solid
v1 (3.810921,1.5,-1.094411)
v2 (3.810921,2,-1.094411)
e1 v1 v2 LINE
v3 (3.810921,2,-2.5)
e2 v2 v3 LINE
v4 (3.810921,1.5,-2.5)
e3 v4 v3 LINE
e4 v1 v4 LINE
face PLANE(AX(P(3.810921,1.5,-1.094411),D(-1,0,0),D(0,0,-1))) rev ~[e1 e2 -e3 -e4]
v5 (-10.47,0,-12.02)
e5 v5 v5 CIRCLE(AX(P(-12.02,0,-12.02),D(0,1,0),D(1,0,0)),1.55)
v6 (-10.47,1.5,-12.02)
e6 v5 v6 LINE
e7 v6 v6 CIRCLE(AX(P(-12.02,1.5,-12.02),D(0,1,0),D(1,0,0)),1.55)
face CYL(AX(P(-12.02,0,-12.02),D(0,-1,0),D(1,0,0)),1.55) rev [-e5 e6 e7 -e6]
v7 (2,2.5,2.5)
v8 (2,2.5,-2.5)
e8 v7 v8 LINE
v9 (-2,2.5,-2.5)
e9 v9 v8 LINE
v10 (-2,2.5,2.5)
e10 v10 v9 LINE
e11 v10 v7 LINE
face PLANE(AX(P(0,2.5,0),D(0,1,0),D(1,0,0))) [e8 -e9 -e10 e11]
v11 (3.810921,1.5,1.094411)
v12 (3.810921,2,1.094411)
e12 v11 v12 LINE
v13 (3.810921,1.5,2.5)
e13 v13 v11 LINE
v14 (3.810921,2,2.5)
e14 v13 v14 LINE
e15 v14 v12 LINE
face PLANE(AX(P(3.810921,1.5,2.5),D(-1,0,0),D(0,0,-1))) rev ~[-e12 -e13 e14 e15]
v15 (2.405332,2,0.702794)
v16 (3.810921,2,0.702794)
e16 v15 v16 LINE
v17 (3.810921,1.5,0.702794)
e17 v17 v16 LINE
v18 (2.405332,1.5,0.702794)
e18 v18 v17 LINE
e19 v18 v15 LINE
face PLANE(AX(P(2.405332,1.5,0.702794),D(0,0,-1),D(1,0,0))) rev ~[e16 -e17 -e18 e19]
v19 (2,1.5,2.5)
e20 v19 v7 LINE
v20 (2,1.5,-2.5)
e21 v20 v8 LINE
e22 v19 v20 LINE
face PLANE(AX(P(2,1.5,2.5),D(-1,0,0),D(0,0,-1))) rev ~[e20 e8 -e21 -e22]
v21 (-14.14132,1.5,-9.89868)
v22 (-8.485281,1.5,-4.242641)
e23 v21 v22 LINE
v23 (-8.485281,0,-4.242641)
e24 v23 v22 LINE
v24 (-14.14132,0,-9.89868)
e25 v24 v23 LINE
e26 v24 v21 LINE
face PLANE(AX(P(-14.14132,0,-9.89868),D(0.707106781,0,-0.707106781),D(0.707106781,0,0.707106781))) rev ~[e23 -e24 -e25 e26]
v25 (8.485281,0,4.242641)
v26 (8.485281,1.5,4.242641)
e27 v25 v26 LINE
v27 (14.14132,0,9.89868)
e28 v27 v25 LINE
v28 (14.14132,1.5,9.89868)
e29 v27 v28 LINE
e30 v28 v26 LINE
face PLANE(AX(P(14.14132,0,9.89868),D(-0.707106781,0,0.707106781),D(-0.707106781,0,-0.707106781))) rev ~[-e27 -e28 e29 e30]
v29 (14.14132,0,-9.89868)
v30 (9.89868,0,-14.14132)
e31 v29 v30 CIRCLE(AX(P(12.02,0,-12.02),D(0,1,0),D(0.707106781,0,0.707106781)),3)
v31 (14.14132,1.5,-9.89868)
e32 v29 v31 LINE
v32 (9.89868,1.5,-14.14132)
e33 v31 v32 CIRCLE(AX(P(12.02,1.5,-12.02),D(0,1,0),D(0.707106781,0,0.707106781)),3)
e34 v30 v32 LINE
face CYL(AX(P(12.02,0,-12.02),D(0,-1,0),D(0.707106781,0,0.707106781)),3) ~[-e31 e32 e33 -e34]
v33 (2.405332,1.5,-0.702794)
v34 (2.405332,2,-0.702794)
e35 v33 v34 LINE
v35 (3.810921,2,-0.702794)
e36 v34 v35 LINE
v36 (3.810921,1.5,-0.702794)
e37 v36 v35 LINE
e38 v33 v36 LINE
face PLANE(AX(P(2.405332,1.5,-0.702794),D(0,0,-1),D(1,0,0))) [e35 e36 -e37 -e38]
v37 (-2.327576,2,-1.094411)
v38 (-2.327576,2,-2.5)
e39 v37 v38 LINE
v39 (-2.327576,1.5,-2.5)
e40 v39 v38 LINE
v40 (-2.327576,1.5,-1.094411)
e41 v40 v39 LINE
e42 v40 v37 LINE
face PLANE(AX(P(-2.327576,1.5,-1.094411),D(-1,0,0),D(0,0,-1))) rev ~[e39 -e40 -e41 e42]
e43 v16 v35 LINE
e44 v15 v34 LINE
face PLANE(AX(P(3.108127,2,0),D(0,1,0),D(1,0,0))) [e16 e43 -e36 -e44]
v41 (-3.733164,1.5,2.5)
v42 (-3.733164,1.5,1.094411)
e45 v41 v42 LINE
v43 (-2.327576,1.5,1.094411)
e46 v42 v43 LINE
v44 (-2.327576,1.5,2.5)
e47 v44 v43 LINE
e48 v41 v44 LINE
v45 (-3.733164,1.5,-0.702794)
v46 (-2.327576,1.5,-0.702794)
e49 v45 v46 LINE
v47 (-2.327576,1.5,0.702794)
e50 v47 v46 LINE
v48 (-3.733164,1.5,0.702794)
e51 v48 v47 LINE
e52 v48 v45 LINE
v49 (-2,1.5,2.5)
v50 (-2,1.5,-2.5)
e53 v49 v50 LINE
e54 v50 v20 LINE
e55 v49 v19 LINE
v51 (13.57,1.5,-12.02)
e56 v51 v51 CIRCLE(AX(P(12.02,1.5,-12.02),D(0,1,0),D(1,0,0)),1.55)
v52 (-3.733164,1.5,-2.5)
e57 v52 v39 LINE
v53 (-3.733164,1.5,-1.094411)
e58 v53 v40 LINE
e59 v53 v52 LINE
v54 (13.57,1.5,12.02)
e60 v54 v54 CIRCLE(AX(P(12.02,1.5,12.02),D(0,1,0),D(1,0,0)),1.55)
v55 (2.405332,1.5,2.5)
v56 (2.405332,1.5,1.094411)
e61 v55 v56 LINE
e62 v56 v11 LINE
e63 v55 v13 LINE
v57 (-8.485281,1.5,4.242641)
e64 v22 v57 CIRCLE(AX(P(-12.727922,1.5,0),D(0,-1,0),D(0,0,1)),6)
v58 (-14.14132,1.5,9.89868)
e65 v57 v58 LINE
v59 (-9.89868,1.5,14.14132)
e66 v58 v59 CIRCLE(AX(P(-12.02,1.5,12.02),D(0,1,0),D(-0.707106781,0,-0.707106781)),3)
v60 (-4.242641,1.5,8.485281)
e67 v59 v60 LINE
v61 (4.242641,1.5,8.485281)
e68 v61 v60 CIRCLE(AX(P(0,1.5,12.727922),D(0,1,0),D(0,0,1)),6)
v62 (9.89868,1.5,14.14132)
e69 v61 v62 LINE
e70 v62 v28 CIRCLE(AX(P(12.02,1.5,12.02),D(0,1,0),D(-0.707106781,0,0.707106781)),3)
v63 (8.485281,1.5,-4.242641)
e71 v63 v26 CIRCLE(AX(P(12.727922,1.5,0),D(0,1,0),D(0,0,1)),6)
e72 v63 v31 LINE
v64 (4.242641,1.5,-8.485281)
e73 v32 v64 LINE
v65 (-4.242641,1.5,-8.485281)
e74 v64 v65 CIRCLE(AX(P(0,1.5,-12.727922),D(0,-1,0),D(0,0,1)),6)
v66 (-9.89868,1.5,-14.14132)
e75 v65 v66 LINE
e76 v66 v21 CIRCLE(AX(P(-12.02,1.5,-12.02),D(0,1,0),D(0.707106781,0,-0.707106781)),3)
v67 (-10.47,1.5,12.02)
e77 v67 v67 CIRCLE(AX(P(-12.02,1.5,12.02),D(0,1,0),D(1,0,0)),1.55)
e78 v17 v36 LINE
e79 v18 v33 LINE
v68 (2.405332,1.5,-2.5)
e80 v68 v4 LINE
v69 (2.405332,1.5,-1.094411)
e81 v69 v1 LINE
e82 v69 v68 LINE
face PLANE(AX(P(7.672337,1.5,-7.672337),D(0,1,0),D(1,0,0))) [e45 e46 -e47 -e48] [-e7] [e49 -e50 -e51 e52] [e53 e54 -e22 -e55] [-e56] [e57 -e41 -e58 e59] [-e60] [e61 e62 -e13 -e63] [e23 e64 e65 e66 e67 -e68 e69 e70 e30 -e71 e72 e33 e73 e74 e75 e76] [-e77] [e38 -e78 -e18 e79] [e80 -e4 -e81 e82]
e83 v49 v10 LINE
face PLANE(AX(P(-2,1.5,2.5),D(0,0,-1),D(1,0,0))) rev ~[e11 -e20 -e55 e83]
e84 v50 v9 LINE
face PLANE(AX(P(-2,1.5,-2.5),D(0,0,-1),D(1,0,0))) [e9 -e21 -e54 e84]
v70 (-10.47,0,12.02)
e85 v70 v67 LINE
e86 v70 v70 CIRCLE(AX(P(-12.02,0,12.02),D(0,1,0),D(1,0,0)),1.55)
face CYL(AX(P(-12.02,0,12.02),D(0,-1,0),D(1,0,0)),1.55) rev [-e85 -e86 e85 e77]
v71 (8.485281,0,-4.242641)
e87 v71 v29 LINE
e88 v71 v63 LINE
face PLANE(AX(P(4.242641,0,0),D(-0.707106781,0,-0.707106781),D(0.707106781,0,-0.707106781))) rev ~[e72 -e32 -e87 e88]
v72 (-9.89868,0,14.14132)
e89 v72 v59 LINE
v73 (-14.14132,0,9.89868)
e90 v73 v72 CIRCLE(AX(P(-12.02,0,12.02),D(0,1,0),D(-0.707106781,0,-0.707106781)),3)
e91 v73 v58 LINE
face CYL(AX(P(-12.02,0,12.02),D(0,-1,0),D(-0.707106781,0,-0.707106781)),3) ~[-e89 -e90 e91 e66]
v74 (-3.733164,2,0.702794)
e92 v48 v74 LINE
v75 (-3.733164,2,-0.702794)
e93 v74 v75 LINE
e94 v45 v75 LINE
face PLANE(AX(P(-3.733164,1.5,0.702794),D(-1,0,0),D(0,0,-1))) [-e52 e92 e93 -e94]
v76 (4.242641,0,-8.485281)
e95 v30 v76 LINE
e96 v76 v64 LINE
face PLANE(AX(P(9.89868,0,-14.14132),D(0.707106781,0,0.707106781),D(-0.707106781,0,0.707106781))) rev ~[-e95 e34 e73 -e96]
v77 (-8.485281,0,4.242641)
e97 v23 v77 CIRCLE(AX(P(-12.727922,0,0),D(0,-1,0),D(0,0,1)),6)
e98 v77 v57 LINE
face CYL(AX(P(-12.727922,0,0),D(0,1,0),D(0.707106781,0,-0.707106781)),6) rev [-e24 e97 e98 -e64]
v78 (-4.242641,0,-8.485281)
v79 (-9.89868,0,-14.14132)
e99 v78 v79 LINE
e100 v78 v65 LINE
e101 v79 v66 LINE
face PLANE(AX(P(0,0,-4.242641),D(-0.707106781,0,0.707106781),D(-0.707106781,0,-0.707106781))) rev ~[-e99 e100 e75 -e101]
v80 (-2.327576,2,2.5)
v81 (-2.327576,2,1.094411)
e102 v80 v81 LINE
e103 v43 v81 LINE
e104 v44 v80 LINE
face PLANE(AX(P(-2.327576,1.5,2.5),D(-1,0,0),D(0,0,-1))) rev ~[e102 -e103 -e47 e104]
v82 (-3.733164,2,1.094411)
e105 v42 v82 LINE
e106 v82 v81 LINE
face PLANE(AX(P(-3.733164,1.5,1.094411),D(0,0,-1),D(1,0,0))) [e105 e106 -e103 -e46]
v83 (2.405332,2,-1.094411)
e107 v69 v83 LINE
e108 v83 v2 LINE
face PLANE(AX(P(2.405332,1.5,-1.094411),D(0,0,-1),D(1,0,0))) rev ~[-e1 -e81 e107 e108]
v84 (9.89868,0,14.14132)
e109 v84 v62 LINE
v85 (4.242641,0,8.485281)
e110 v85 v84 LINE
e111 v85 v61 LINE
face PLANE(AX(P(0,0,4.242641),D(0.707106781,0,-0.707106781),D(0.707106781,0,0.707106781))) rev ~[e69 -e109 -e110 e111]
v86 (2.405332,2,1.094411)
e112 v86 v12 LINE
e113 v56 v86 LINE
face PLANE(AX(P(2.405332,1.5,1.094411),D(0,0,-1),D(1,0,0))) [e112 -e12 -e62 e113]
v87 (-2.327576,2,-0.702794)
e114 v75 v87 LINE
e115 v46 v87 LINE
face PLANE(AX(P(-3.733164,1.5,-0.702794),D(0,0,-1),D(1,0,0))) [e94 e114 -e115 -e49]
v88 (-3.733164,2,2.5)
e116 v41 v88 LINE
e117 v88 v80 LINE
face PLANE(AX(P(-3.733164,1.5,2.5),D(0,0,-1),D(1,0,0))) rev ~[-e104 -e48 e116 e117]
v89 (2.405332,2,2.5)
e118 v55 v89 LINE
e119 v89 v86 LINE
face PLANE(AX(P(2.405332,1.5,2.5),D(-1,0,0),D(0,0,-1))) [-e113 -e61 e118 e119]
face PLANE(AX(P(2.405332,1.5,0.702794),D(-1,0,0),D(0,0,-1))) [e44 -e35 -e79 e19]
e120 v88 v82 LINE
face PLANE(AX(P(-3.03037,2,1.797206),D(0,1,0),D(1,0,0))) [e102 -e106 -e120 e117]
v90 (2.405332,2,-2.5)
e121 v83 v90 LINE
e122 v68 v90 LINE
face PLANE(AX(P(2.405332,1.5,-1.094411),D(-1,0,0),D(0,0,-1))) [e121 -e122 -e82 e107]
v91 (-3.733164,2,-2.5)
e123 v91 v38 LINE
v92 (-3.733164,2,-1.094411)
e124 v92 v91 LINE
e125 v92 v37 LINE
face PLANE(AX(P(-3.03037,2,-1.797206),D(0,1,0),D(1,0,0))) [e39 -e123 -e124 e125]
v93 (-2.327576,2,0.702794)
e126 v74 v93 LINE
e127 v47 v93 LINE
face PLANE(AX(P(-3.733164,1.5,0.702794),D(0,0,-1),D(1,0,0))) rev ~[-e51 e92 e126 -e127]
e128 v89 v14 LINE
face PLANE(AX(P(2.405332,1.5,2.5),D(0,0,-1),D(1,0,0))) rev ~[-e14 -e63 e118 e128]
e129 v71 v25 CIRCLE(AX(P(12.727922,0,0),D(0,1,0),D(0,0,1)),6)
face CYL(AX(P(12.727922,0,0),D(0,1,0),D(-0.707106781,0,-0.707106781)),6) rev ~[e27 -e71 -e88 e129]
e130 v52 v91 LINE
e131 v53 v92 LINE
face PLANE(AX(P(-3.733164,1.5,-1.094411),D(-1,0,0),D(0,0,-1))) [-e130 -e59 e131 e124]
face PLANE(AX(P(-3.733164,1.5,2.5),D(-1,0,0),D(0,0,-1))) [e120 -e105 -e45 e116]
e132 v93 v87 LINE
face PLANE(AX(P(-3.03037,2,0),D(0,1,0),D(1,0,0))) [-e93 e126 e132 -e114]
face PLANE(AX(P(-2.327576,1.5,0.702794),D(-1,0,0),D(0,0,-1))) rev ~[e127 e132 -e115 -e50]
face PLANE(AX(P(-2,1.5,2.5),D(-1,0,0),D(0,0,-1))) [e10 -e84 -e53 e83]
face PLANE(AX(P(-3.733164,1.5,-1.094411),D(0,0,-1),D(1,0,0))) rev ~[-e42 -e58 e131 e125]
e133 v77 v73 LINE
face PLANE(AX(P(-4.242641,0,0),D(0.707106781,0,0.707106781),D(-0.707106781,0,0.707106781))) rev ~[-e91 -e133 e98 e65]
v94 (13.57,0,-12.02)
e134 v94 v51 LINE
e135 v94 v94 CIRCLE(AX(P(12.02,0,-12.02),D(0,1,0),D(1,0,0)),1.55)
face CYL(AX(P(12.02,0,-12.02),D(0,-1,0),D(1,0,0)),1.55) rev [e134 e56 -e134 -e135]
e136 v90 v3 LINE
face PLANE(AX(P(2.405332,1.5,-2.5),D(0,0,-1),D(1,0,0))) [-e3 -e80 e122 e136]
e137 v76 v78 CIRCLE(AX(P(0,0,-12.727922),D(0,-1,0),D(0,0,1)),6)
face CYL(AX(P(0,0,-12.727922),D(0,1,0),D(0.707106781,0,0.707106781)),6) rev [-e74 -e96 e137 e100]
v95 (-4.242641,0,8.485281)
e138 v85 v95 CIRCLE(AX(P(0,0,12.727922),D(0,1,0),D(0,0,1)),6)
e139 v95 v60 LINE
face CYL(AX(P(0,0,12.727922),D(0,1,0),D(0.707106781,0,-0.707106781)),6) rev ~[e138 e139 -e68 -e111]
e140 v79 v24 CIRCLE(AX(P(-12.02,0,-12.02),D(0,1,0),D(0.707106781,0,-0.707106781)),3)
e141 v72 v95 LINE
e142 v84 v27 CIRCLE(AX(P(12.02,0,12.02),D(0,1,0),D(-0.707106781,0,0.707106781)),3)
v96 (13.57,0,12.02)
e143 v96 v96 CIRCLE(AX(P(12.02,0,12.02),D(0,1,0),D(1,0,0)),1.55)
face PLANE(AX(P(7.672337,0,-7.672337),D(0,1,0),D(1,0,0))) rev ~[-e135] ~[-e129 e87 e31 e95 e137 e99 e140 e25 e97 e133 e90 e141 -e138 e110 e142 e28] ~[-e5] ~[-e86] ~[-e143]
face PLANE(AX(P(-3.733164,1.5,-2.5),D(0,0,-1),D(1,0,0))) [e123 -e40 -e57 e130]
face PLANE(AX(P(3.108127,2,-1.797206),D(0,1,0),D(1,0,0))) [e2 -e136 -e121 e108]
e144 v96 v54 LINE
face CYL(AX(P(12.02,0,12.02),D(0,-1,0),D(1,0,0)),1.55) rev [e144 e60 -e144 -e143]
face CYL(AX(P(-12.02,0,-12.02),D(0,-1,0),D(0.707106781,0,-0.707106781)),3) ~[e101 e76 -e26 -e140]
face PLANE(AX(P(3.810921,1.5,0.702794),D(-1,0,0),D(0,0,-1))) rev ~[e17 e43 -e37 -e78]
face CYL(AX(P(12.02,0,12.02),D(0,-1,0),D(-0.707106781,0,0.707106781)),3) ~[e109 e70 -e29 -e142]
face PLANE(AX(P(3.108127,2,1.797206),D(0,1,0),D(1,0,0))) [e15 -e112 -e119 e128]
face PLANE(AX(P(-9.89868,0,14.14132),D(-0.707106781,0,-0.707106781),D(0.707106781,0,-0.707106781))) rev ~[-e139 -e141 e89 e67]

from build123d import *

# Parameters (mm, degrees)
SKETCH1_R           = 1.55
BOSS_EXTRUDE1_DEPTH = 1.5
FILLET1_R           = 6
SKETCH2_W           = 4
SKETCH2_H           = 5
BOSS_EXTRUDE2_DEPTH = 1
SKETCH3_W           = 1.405588528
SKETCH3_H           = 1.405588528
BOSS_EXTRUDE3_DEPTH = 0.5


with BuildPart() as part:
    # Sketch1 → Boss-Extrude1 (new body)
    with BuildSketch(Plane(origin=(0, 0, 0), x_dir=(1, 0, 0), z_dir=(0, 1, 0))):
        with BuildLine():
            Line((9.898679656, 14.141320344), (0, 4.242640687))
            Line((0, 4.242640687), (4.242640687, 0))
            Line((4.242640687, 0), (14.141320344, 9.898679656))
            ThreePointArc((14.141320344, 9.898679656), (14.141320344, 14.141320344), (9.898679656, 14.141320344))
        make_face()
        with Locations((12.02, 12.02)):
            Circle(SKETCH1_R, mode=Mode.SUBTRACT)
        with BuildLine():
            Line((-14.141320344, 9.898679656), (-4.242640687, 0))
            Line((-4.242640687, 0), (0, 4.242640687))
            Line((0, 4.242640687), (-9.898679656, 14.141320344))
            ThreePointArc((-9.898679656, 14.141320344), (-14.141320344, 14.141320344), (-14.141320344, 9.898679656))
        make_face()
        with Locations((-12.02, 12.02)):
            Circle(SKETCH1_R, mode=Mode.SUBTRACT)
        Polygon((0, 4.242640687), (-4.242640687, 0), (0, -4.242640687), (4.242640687, 0), align=None)
        with BuildLine():
            Line((4.242640687, 0), (0, -4.242640687))
            Line((0, -4.242640687), (9.898679656, -14.141320344))
            ThreePointArc((9.898679656, -14.141320344), (14.141320344, -14.141320344), (14.141320344, -9.898679656))
            Line((14.141320344, -9.898679656), (4.242640687, 0))
        make_face()
        with Locations((12.02, -12.02)):
            Circle(SKETCH1_R, mode=Mode.SUBTRACT)
        with BuildLine():
            Line((-4.242640687, 0), (-14.141320344, -9.898679656))
            ThreePointArc((-14.141320344, -9.898679656), (-14.141320344, -14.141320344), (-9.898679656, -14.141320344))
            Line((-9.898679656, -14.141320344), (0, -4.242640687))
            Line((0, -4.242640687), (-4.242640687, 0))
        make_face()
        with Locations((-12.02, -12.02)):
            Circle(SKETCH1_R, mode=Mode.SUBTRACT)
    extrude(amount=BOSS_EXTRUDE1_DEPTH)

    # Fillet1
    fillet1_edges = [part.edges().sort_by_distance(p)[0] for p in [
        (4.242640687, 0.75, 0),
        (0, 0.75, 4.242640687),
        (-4.242640687, 0.75, 0),
        (0, 0.75, -4.242640687),
    ]]
    fillet(fillet1_edges, radius=FILLET1_R)

    # Sketch2 → Boss-Extrude2 (add)
    with BuildSketch(Plane(origin=(0, 1.5, 0), x_dir=(1, 0, 0), z_dir=(0, 1, 0))):
        Rectangle(SKETCH2_W, SKETCH2_H)
    extrude(amount=BOSS_EXTRUDE2_DEPTH)

    # Sketch3 → Boss-Extrude3 (add)
    with BuildSketch(Plane(origin=(0, 1.5, 0), x_dir=(1, 0, 0), z_dir=(0, 1, 0))):
        with Locations((-3.030370202, -1.797205736)):
            Rectangle(SKETCH3_W, SKETCH3_H)
        with Locations((-3.030370202, 0)):
            Rectangle(SKETCH3_W, SKETCH3_H)
        with Locations((-3.030370202, 1.797205736)):
            Rectangle(SKETCH3_W, SKETCH3_H)
        with Locations((3.108126605, 0)):
            Rectangle(SKETCH3_W, SKETCH3_H)
        with Locations((3.108126605, -1.797205736)):
            Rectangle(SKETCH3_W, SKETCH3_H)
        with Locations((3.108126605, 1.797205736)):
            Rectangle(SKETCH3_W, SKETCH3_H)
    extrude(amount=BOSS_EXTRUDE3_DEPTH)


solid = part.part
